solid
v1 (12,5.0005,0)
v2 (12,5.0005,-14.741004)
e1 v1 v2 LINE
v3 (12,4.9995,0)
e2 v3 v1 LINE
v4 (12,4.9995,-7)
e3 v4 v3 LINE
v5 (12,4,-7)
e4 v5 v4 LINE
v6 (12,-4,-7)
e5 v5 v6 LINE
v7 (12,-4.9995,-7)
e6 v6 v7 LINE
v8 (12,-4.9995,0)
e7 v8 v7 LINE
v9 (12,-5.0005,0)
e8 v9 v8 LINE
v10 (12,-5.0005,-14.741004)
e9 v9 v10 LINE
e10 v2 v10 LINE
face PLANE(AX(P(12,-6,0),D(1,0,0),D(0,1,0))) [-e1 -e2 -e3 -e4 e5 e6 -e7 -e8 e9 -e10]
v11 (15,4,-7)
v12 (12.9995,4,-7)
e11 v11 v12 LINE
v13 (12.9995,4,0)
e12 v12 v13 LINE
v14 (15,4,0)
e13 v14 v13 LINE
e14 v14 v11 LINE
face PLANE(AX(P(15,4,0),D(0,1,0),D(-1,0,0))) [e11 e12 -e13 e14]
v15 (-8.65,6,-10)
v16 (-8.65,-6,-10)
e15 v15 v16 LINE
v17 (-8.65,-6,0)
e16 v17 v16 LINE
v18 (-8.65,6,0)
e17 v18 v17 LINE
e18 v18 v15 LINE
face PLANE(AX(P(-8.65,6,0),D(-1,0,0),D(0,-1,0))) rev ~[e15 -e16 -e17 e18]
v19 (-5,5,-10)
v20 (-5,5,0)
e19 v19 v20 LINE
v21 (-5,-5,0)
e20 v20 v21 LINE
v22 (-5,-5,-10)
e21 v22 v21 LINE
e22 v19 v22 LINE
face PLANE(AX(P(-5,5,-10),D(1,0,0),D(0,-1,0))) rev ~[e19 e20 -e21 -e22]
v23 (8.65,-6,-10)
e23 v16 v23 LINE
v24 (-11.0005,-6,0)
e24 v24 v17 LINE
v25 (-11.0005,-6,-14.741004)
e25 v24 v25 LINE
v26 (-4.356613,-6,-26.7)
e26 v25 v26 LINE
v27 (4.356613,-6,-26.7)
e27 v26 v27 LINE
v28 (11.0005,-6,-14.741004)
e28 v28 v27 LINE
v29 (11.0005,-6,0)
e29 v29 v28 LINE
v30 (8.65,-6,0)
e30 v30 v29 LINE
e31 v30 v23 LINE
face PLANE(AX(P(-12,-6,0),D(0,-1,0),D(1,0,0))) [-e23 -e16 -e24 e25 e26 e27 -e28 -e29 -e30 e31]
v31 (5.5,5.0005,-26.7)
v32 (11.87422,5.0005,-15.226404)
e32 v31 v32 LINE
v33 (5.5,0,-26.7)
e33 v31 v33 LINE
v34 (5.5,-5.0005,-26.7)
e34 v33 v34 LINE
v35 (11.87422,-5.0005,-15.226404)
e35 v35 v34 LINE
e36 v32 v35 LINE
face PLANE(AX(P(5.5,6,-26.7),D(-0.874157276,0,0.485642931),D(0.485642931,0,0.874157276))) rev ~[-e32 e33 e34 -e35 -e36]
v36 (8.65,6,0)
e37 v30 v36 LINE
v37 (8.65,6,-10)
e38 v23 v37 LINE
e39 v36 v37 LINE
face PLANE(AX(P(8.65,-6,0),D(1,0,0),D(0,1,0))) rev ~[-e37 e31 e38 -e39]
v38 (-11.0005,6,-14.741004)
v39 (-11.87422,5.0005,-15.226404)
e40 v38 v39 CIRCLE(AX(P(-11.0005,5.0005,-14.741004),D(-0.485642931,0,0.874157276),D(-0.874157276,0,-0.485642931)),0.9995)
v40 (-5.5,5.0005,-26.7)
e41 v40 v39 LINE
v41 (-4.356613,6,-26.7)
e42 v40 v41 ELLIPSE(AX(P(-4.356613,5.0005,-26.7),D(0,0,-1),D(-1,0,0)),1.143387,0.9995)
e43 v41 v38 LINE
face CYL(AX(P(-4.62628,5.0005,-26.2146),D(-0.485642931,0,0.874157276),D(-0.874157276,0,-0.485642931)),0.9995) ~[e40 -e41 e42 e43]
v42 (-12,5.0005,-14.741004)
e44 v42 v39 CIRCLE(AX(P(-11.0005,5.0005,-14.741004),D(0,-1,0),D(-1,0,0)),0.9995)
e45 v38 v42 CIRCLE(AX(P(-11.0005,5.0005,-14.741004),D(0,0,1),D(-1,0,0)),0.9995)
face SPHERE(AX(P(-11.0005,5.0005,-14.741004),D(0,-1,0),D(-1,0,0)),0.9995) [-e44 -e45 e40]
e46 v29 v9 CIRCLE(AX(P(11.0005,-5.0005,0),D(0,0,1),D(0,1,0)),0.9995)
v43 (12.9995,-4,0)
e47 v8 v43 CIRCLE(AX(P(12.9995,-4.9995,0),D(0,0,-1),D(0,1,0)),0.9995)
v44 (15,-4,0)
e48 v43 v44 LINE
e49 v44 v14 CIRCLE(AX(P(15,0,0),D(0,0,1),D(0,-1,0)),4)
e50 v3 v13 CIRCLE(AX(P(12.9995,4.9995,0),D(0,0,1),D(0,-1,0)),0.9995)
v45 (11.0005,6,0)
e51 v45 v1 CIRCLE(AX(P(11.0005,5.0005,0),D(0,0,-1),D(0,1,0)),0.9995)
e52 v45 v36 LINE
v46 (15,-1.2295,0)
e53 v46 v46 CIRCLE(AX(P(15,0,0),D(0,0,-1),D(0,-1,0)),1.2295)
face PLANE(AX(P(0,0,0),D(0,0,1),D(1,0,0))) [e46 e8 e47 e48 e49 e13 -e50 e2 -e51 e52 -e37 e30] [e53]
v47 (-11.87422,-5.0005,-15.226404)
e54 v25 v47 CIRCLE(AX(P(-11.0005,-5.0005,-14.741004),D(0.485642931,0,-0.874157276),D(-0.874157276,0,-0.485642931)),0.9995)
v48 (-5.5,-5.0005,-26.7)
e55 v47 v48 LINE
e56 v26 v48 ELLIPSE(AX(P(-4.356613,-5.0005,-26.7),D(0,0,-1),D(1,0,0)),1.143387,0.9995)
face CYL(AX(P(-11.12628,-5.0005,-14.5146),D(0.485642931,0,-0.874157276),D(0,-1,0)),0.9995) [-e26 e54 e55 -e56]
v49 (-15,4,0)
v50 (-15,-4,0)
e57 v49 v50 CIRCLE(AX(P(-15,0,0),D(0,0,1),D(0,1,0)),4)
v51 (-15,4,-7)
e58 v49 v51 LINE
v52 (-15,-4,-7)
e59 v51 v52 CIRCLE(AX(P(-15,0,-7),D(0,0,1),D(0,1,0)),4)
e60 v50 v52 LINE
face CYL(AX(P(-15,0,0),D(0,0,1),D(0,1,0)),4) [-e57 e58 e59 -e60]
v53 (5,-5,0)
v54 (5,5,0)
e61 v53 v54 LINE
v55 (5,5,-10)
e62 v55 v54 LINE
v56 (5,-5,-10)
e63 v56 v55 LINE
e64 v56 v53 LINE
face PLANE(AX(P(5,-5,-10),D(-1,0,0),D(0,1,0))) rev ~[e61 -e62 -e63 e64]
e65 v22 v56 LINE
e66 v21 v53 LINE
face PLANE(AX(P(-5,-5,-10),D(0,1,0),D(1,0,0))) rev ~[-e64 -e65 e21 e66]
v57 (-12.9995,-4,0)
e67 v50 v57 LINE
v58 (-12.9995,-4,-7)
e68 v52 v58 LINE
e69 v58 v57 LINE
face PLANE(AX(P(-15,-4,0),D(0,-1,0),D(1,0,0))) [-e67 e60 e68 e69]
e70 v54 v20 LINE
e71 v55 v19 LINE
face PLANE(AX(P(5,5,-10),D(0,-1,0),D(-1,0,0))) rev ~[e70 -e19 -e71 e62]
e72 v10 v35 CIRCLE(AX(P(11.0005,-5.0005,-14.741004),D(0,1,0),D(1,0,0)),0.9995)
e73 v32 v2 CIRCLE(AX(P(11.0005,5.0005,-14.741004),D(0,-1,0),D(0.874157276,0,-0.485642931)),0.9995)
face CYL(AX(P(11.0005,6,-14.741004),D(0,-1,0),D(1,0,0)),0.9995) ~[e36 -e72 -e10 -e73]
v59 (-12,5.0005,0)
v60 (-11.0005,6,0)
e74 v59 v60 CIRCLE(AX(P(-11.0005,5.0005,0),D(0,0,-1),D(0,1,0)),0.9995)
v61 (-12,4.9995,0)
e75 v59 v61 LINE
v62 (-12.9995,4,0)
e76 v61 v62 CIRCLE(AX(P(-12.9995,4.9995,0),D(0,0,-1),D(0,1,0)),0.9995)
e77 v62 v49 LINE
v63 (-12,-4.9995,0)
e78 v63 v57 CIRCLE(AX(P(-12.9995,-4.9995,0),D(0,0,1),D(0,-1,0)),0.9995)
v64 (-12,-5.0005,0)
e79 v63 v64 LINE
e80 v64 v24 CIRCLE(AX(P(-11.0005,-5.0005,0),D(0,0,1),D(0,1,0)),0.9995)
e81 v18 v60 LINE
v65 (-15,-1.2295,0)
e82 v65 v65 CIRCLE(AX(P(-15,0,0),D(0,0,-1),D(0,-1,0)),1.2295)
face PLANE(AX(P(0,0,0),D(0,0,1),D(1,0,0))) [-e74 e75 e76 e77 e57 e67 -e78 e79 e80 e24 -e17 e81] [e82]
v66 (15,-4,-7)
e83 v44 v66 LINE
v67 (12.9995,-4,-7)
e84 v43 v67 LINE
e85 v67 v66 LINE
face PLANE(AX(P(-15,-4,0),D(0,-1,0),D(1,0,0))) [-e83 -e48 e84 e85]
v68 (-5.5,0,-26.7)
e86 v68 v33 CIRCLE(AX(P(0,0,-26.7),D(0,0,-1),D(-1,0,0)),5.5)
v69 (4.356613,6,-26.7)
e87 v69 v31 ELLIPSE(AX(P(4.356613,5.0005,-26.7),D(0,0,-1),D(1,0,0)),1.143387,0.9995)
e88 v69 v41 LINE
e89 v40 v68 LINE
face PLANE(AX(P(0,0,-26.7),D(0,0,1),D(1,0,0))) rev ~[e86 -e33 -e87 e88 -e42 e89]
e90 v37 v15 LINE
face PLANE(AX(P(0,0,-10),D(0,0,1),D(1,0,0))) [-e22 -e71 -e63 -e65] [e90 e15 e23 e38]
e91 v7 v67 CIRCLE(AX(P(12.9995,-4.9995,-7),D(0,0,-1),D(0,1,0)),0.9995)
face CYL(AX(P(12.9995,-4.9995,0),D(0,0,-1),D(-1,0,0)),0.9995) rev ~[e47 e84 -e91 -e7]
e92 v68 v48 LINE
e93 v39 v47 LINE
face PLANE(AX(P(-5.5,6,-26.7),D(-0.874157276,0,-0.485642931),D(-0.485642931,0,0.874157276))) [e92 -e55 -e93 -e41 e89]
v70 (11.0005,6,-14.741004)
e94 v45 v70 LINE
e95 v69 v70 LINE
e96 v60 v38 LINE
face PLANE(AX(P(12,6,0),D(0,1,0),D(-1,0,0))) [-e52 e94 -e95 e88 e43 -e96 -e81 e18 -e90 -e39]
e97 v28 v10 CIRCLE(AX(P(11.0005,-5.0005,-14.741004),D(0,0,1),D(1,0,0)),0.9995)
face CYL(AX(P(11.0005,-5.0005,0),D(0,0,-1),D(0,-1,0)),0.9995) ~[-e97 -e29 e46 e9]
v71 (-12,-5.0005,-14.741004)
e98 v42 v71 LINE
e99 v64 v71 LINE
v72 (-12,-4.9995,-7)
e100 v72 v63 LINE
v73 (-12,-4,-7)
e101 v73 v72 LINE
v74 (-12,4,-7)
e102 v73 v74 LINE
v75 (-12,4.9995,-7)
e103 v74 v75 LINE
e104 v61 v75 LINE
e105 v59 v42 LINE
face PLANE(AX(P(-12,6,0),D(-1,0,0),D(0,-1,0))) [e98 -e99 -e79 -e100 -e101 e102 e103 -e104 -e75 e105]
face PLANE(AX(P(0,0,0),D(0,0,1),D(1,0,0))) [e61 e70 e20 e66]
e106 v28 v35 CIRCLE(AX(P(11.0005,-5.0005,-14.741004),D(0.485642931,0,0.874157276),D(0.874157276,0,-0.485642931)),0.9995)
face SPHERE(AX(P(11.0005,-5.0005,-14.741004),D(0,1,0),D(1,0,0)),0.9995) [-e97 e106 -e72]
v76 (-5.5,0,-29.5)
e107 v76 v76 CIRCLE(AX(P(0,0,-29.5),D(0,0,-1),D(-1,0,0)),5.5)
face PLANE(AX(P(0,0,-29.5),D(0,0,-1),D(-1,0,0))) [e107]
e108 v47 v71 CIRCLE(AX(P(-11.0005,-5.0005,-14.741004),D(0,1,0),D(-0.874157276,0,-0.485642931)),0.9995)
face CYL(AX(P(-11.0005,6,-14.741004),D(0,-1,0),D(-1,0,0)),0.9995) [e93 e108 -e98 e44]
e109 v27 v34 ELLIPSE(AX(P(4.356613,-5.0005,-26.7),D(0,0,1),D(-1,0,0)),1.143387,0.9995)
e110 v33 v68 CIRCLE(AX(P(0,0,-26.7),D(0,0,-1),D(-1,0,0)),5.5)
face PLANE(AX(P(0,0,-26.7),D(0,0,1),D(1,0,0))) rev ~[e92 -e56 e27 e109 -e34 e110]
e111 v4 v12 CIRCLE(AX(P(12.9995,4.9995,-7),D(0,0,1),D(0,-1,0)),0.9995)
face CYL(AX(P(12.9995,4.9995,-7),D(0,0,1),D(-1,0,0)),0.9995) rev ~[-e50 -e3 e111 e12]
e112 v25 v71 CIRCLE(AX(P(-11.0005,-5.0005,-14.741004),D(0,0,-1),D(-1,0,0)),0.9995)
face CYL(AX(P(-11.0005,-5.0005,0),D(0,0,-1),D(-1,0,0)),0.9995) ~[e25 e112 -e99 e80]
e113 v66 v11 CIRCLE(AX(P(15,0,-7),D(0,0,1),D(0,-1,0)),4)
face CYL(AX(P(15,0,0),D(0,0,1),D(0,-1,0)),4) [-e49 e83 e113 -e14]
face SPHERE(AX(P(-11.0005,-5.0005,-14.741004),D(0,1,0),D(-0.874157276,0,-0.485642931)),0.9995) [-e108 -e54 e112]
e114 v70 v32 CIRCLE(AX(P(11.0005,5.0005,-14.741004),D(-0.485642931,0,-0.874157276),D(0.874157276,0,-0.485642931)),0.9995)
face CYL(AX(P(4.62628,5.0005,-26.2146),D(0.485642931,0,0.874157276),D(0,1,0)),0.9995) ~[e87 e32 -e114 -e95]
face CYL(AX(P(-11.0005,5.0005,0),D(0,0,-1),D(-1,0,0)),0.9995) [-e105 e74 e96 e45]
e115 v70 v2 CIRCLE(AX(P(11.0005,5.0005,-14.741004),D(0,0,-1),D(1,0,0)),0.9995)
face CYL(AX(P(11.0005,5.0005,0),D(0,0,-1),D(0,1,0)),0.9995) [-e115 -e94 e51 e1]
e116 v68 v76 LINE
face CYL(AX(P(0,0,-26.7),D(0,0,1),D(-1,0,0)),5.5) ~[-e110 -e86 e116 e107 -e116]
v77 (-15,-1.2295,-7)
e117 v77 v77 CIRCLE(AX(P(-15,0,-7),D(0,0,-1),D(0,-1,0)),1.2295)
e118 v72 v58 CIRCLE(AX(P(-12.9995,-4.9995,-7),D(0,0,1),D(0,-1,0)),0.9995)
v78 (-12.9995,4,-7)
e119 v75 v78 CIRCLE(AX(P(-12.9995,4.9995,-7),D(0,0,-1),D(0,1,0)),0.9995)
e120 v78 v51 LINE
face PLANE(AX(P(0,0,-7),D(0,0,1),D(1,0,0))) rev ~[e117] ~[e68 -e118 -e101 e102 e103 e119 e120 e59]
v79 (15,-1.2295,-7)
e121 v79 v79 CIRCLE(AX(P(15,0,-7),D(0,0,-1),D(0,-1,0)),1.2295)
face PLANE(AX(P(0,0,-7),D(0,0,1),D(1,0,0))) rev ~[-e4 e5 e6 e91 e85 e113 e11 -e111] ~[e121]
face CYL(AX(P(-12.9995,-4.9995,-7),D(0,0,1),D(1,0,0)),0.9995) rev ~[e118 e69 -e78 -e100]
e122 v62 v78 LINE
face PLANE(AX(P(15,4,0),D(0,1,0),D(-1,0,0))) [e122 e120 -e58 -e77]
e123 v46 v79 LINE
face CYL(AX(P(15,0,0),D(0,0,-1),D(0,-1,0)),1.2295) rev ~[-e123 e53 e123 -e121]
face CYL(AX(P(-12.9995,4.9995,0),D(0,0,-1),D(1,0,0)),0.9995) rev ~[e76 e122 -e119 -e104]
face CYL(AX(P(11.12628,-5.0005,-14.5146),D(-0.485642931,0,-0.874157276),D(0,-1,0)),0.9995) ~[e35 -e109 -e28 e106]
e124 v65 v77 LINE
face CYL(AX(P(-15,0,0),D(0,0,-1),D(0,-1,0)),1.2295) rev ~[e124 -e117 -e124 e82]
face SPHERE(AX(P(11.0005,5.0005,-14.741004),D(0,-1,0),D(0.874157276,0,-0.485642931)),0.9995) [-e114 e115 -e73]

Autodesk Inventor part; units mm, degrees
ref_plane "YZ Plane" through (0, 0, 0) normal (1, 0, 0) x (0, 1, 0)
ref_plane "XZ Plane" through (0, 0, 0) normal (0, 1, 0) x (-1, 0, 0)
ref_plane "XY Plane" through (0, 0, 0) normal (0, 0, 1) x (1, 0, 0)
sketch "スケッチ1" plane through (0, 0, 0) normal (0, 0, 1) x (1, 0, 0)
  line L0 (-12, -6) -> (12, -6)
  line L1 (12, -6) -> (12, 6)
  line L2 (12, 6) -> (-12, 6)
  line L3 (-12, 6) -> (-12, -6)
  line L4 (-12, -6) -> (12, 6) construction
  line L5 (12, -6) -> (-12, 6) construction
  point P0 (0, 0)
  dimension "d0" = 24
  dimension "d1" = 12
extrude "押し出し1" add sketch "スケッチ1" against normal blind 26.7
sketch "スケッチ2" plane through (0, 0, 0) normal (0, 0, 1) x (1, 0, 0)
  line L0 (-15, 0) -> (15, 0) construction
  line L1 (-15, -4) -> (15, -4)
  line L2 (15, 4) -> (-15, 4)
  arc A0 (-15, 4) -> (-15, -4) centre (-15, 0) ccw
  arc A1 (15, -4) -> (15, 4) centre (15, 0) ccw
  point P0 (0, 0)
  dimension "d4" = 30
  dimension "d5" = 4
extrude "押し出し2" add sketch "スケッチ2" against normal blind 7
sketch "スケッチ3" plane through (0, 0, 0) normal (0, 0, 1) x (1, 0, 0)
  arc A0 (-15, 4) -> (-15, -4) centre (-15, 0) ccw projected
  arc A1 (15, -4) -> (15, 4) centre (15, 0) ccw projected
  point P0 (0, 0)
hole "穴1" at (15, 0, 0) at (-15, 0, 0) direction (0, 0, -1) diameter 2.459 end through all thread size "M3x0.5" class "6H" standard "ANSI Metric M Profile"
sketch "スケッチ4" plane through (0, 0, -26.7) normal (0, 0, -1) x (-1, 0, 0)
  circle A0 centre (0, 0) radius 5.5
  line L0 (12, 6) -> (-12, 6) projected
  dimension "d30" = 11
extrude "押し出し3" add sketch "スケッチ4" along normal blind 2.8
sketch "スケッチ5" plane through (-12, 6, 0) normal (0, 1, 0) x (1, 0, 0)
  line L0 (17.5, 29.5) -> (6.5, 29.5) projected
  line L1 (6.5, 26.7) -> (17.5, 26.7) projected
  line L2 (6.5, 26.7) -> (17.5, 26.7) projected
  line L3 (6.5, 26.7) -> (6.5, 26.7) projected
  line L4 (17.5, 26.7) -> (24, 15)
  line L5 (24, 0) -> (24, 26.7) projected
  line L6 (24, 0) -> (0, 0) projected
  line L7 (6.5, 26.7) -> (0, 15)
  line L8 (0, 0) -> (0, 26.7) projected
  line L9 (24, 0) -> (0, 0) projected
  line L10 (24, 0) -> (24, 26.7) projected
  line L11 (0, 26.7) -> (24, 26.7) projected
  line L12 (0, 0) -> (0, 26.7) projected
  point P0 (12, 0)
  point P1 (17.5, 26.7)
  point P2 (6.5, 26.7)
  dimension "d18" = 15
  dimension "d19" = 15
extrude "押し出し4" cut sketch "スケッチ5" against normal through all contours L7 L8 L11 | L11 L5 L4
sketch "スケッチ6" plane through (0, 0, 0) normal (0, 0, 1) x (1, 0, 0)
  line L0 (-8.65, -6) -> (8.65, -6)
  line L1 (8.65, -6) -> (8.65, 6)
  line L2 (8.65, 6) -> (-8.65, 6)
  line L3 (-8.65, 6) -> (-8.65, -6)
  line L4 (-8.65, -6) -> (8.65, 6) construction
  line L5 (8.65, -6) -> (-8.65, 6) construction
  line L6 (12, 6) -> (-12, 6) projected
  point P0 (0, 0)
  dimension "d22" = 17.3
extrude "押し出し5" cut sketch "スケッチ6" against normal blind 10
sketch "スケッチ7" plane through (0, 0, -10) normal (0, 0, 1) x (1, 0, 0)
  line L0 (-5, -5) -> (5, -5)
  line L1 (5, -5) -> (5, 5)
  line L2 (5, 5) -> (-5, 5)
  line L3 (-5, 5) -> (-5, -5)
  line L4 (-5, -5) -> (5, 5) construction
  line L5 (5, -5) -> (-5, 5) construction
  point P0 (0, 0)
  dimension "d25" = 10
  dimension "d26" = 10
extrude "押し出し6" add sketch "スケッチ7" along normal blind 10
fillet "フィレット1" radius 1 14 edges at (12, 4, -3.5) (12, -4, -3.5) (-12, -4, -3.5) (-12, -6, -7.5) (12, -6, -7.5) (12, 6, -7.5) (-12, 4, -3.5) (-12, 6, -7.5) (-8.75, 6, -20.85) (-12, 0, -15) (-8.75, -6, -20.85) (8.75, -6, -20.85) (12, 0, -15) (8.75, 6, -20.85)
properties part number "USB2-MBMPAF-XXE" material "ABS プラスチック"
